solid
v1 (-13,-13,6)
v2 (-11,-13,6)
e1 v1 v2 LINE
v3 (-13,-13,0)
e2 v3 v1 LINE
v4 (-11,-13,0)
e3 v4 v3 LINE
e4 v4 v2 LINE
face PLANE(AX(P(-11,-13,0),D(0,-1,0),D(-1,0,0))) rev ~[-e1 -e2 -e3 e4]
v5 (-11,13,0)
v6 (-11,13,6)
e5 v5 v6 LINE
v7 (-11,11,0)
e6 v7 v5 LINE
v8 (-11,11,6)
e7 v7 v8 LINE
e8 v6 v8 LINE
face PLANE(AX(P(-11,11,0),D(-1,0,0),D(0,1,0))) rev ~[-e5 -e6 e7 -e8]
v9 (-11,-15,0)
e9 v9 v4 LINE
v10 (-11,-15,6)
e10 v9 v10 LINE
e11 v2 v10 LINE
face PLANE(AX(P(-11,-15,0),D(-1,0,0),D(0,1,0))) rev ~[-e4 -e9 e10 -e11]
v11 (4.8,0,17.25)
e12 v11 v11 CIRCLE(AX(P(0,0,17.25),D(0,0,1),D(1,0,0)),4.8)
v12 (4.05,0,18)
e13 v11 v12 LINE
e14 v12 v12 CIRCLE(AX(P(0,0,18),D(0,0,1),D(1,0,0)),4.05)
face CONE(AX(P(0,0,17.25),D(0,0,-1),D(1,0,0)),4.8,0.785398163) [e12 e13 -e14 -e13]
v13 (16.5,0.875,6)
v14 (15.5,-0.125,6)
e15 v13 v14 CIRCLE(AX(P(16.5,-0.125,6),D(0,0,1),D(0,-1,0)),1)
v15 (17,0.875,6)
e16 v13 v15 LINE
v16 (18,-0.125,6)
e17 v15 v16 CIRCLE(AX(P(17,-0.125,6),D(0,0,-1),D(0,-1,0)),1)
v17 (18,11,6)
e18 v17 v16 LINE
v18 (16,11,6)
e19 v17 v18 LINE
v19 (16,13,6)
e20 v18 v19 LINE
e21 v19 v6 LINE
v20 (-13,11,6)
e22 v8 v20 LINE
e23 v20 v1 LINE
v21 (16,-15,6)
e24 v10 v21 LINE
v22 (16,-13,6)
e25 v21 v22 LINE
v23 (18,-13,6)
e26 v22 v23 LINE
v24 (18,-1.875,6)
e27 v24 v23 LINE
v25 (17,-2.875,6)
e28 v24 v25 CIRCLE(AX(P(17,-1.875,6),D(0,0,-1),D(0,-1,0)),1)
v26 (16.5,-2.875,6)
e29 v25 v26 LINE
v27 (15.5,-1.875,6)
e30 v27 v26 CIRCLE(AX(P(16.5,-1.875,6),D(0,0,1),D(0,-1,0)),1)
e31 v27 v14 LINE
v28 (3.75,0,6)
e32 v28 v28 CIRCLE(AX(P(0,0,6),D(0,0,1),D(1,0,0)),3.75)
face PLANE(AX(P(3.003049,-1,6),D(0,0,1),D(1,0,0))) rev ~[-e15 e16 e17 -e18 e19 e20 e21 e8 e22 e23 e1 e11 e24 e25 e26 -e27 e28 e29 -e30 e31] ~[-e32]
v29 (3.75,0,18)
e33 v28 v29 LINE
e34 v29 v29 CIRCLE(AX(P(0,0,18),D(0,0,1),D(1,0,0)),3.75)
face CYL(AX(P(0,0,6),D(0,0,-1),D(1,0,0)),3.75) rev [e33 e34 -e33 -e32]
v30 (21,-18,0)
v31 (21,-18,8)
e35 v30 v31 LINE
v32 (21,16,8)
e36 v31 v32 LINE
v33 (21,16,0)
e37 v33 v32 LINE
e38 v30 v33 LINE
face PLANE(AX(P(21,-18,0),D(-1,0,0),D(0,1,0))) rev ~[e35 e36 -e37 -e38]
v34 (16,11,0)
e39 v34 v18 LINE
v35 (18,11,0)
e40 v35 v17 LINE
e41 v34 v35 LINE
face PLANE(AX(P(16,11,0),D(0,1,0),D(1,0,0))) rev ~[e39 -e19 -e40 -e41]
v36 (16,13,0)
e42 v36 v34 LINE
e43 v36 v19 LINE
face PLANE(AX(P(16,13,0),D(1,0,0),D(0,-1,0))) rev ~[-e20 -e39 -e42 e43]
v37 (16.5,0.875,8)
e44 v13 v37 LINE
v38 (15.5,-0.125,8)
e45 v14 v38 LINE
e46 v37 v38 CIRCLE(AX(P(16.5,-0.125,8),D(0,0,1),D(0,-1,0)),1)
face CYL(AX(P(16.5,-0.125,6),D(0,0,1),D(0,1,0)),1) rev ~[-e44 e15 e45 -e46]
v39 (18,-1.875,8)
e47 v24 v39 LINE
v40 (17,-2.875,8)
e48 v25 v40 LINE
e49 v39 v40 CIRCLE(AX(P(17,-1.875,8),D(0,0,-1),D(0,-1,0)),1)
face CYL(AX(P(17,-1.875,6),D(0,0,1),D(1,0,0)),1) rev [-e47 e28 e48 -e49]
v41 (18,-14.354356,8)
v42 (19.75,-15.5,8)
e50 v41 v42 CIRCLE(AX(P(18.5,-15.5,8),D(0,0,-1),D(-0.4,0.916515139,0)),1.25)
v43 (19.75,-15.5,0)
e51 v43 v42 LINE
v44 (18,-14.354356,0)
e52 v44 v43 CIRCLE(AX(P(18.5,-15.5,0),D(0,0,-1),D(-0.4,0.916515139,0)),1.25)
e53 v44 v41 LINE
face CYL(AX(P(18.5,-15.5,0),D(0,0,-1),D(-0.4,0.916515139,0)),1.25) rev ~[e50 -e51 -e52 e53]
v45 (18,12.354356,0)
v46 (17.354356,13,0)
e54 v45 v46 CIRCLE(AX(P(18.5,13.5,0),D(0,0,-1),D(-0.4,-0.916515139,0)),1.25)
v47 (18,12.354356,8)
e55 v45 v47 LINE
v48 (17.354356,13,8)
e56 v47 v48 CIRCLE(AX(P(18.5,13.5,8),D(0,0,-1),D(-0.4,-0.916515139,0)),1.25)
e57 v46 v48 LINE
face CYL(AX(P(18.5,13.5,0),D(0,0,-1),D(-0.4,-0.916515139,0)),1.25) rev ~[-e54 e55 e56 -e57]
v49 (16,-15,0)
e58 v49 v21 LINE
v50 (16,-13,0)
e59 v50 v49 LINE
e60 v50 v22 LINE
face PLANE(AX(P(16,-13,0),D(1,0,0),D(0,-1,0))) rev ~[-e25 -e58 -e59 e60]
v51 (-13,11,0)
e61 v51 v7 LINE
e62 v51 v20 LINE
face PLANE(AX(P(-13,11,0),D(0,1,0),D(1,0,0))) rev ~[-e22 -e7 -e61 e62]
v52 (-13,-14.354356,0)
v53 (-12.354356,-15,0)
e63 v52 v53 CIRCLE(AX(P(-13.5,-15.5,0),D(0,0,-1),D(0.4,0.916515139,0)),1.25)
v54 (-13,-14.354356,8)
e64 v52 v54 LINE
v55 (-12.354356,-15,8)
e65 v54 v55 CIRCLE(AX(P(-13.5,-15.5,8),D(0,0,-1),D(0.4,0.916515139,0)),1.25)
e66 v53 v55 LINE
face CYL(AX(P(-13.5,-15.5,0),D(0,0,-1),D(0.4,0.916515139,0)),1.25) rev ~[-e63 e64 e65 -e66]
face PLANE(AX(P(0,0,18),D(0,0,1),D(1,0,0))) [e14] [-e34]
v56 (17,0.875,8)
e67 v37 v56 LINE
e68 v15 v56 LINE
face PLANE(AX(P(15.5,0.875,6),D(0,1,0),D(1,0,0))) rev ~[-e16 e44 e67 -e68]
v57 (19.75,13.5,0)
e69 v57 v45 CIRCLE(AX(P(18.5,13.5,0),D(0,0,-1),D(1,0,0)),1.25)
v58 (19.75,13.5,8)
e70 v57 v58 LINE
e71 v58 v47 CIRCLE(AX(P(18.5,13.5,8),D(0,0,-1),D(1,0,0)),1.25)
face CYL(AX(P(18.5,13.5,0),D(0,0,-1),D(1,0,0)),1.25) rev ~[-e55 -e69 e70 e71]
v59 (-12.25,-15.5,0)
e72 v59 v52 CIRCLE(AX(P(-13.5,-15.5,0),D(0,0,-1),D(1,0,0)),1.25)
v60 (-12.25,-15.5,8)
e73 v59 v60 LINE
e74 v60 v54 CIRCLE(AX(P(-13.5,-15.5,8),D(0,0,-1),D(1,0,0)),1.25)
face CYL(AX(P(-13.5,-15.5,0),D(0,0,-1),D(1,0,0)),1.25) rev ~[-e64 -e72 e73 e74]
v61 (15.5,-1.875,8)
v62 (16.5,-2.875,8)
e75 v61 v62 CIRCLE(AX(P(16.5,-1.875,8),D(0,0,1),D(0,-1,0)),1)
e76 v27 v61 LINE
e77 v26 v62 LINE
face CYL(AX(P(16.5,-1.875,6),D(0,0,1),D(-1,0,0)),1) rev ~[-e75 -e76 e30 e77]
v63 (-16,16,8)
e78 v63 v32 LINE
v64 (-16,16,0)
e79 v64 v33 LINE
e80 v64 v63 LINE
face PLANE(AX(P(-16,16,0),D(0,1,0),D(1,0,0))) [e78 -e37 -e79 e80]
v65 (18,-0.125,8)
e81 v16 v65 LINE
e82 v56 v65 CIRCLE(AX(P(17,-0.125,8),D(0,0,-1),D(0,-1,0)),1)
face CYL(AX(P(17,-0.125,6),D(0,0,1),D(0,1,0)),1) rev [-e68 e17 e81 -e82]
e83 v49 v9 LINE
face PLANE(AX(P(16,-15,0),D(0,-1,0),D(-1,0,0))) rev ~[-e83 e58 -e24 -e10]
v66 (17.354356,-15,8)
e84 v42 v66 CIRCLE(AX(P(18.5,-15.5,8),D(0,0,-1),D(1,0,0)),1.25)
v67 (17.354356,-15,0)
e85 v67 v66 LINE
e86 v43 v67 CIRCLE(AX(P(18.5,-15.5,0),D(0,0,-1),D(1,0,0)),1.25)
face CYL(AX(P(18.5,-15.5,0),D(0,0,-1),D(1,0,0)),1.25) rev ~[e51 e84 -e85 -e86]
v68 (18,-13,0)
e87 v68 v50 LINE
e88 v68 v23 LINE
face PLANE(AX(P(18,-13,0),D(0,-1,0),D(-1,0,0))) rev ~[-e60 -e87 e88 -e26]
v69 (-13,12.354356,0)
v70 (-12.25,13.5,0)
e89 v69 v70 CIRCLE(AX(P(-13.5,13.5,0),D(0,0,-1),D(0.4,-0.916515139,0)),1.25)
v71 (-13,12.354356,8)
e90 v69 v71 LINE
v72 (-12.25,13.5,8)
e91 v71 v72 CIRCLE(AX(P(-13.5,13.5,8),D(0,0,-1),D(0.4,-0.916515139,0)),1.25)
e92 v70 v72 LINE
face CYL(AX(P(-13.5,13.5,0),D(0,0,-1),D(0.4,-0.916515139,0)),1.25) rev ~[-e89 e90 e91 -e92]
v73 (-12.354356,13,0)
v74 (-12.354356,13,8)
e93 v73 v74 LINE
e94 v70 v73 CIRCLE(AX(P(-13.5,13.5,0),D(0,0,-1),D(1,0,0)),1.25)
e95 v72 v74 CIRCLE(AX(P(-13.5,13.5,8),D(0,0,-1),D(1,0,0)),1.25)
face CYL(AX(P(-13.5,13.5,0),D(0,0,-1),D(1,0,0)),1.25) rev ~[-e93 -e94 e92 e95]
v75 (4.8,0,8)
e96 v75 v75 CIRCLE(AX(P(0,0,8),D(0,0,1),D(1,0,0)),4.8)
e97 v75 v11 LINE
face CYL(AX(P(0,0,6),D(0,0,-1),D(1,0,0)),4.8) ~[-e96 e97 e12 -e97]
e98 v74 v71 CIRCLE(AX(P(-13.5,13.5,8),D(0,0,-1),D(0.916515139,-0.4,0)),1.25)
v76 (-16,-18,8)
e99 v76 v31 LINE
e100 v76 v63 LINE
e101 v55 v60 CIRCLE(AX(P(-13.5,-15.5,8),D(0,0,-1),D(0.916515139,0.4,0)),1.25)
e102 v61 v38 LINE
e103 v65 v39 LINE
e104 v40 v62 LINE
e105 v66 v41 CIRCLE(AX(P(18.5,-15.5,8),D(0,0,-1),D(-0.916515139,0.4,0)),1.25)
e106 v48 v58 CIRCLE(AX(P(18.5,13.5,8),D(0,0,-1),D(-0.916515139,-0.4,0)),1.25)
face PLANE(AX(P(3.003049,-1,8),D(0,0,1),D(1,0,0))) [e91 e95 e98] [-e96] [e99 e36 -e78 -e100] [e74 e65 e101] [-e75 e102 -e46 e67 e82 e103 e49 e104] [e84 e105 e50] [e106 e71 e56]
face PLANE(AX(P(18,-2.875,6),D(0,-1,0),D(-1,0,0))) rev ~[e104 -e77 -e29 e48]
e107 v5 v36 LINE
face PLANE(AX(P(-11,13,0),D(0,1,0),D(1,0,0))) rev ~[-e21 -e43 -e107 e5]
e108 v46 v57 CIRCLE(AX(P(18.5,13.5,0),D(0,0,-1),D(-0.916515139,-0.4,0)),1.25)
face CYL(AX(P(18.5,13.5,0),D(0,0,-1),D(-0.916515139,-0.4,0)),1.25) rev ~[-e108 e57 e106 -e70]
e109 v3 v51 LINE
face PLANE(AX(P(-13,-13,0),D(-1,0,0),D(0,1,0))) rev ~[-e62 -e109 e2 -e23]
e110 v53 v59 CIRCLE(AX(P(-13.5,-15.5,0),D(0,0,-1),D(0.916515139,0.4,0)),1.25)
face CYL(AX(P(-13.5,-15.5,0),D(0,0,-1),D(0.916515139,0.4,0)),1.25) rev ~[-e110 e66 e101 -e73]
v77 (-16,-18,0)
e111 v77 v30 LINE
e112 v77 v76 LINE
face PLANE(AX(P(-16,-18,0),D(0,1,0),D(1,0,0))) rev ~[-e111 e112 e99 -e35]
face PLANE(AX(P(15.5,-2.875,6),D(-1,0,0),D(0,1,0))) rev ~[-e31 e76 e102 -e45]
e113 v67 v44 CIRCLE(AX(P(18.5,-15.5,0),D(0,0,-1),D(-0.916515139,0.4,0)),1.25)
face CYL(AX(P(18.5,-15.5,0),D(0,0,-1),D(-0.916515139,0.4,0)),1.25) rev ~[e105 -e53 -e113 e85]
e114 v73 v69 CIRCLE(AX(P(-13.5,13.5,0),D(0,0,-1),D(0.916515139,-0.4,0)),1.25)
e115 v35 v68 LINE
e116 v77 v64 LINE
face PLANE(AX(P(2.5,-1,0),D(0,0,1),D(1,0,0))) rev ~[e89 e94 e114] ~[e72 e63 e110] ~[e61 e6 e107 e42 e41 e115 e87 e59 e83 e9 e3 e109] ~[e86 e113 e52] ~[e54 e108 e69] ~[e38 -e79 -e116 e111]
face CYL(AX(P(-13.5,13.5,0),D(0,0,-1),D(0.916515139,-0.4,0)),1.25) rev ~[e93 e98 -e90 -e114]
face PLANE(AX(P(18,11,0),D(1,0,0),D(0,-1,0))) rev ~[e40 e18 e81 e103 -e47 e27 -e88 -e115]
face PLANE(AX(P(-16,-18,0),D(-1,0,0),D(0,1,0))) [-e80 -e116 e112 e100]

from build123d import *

# Parameters (mm, degrees)
F0_W     = 37
F0_H     = 34
F1_DEPTH = 8
F2_START = 6
F0_R     = 4.8
F2_DEPTH = 2
F3_R     = 1
F4_START = 6
F0_R_2   = 3.75
F4_DEPTH = 12
F5_SIZE  = 0.75


with BuildPart() as f1:
    # F0 (on Top) → F1 (new body)
    with BuildSketch(Plane.XY):
        with Locations((2.5, -1)):
            Rectangle(F0_W, F0_H)
        with BuildLine():
            Line((-12.3543560763, 13), (-11, 13))
            Line((-11, 13), (16, 13))
            Line((16, 13), (17.3543560763, 13))
            ThreePointArc((17.3543560763, 13), (18.2446129454, 14.7236328912), (19.75, 13.5))
            ThreePointArc((19.75, 13.5), (19.1846531969, 12.4541749668), (18, 12.3543560763))
            Line((18, 12.3543560763), (18, 11))
            Line((18, 11), (18, 0.875))
            Line((18, 0.875), (18, -2.875))
            Line((18, -2.875), (18, -13))
            Line((18, -13), (18, -14.3543560763))
            ThreePointArc((18, -14.3543560763), (19.1846531969, -14.4541749668), (19.75, -15.5))
            ThreePointArc((19.75, -15.5), (18.2446129454, -16.7236328912), (17.3543560763, -15))
            Line((17.3543560763, -15), (16, -15))
            Line((16, -15), (-11, -15))
            Line((-11, -15), (-12.3543560763, -15))
            ThreePointArc((-12.3543560763, -15), (-12.2763671088, -15.2446129454), (-12.25, -15.5))
            ThreePointArc((-12.25, -15.5), (-14.5458250332, -16.1846531969), (-13, -14.3543560763))
            Line((-13, -14.3543560763), (-13, -13))
            Line((-13, -13), (-13, 11))
            Line((-13, 11), (-13, 12.3543560763))
            ThreePointArc((-13, 12.3543560763), (-14.5458250332, 14.1846531969), (-12.25, 13.5))
            ThreePointArc((-12.25, 13.5), (-12.2763671088, 13.2446129454), (-12.3543560763, 13))
        make_face(mode=Mode.SUBTRACT)
        with BuildLine():
            Line((-11, -13), (-13, -13))
            Line((-13, -13), (-13, -14.3543560763))
            ThreePointArc((-13, -14.3543560763), (-12.6161165235, -14.6161165235), (-12.3543560763, -15))
            Line((-12.3543560763, -15), (-11, -15))
            Line((-11, -15), (-11, -13))
        make_face()
        with BuildLine():
            Line((18, -14.3543560763), (18, -13))
            Line((18, -13), (16, -13))
            Line((16, -13), (16, -15))
            Line((16, -15), (17.3543560763, -15))
            ThreePointArc((17.3543560763, -15), (17.6161165235, -14.6161165235), (18, -14.3543560763))
        make_face()
        with BuildLine():
            Line((17.3543560763, 13), (16, 13))
            Line((16, 13), (16, 11))
            Line((16, 11), (18, 11))
            Line((18, 11), (18, 12.3543560763))
            ThreePointArc((18, 12.3543560763), (17.6161165235, 12.6161165235), (17.3543560763, 13))
        make_face()
        with BuildLine():
            Line((-11, 11), (-11, 13))
            Line((-11, 13), (-12.3543560763, 13))
            ThreePointArc((-12.3543560763, 13), (-12.6161165235, 12.6161165235), (-13, 12.3543560763))
            Line((-13, 12.3543560763), (-13, 11))
            Line((-13, 11), (-11, 11))
        make_face()
    extrude(amount=F1_DEPTH)

    # F0 (on Top) → F2 (join)
    with BuildSketch(Plane.XY.offset(F2_START)):
        Polygon((16, 13), (-11, 13), (-11, 11), (-13, 11), (-13, -13), (-11, -13), (-11, -15), (16, -15), (16, -13), (18, -13), (18, -2.875), (15.5, -2.875), (15.5, 0.875), (18, 0.875), (18, 11), (16, 11), align=None)
        Circle(F0_R, mode=Mode.SUBTRACT)
    extrude(amount=F2_DEPTH)

    # F3
    f3_edges = [f1.edges().sort_by_distance(p)[0] for p in [
        (15.5, 0.875, 7),
        (18, 0.875, 7),
        (15.5, -2.875, 7),
        (18, -2.875, 7),
    ]]
    fillet(f3_edges, radius=F3_R)

    # F0 (on Top) → F4 (join)
    with BuildSketch(Plane.XY.offset(F4_START)):
        Circle(F0_R)
        Circle(F0_R_2, mode=Mode.SUBTRACT)
    extrude(amount=F4_DEPTH)

    # F5
    f5_edges = [f1.edges().sort_by_distance(p)[0] for p in [
        (-4.8, 0, 18),
    ]]
    chamfer(f5_edges, length=F5_SIZE)


solid = f1.part
